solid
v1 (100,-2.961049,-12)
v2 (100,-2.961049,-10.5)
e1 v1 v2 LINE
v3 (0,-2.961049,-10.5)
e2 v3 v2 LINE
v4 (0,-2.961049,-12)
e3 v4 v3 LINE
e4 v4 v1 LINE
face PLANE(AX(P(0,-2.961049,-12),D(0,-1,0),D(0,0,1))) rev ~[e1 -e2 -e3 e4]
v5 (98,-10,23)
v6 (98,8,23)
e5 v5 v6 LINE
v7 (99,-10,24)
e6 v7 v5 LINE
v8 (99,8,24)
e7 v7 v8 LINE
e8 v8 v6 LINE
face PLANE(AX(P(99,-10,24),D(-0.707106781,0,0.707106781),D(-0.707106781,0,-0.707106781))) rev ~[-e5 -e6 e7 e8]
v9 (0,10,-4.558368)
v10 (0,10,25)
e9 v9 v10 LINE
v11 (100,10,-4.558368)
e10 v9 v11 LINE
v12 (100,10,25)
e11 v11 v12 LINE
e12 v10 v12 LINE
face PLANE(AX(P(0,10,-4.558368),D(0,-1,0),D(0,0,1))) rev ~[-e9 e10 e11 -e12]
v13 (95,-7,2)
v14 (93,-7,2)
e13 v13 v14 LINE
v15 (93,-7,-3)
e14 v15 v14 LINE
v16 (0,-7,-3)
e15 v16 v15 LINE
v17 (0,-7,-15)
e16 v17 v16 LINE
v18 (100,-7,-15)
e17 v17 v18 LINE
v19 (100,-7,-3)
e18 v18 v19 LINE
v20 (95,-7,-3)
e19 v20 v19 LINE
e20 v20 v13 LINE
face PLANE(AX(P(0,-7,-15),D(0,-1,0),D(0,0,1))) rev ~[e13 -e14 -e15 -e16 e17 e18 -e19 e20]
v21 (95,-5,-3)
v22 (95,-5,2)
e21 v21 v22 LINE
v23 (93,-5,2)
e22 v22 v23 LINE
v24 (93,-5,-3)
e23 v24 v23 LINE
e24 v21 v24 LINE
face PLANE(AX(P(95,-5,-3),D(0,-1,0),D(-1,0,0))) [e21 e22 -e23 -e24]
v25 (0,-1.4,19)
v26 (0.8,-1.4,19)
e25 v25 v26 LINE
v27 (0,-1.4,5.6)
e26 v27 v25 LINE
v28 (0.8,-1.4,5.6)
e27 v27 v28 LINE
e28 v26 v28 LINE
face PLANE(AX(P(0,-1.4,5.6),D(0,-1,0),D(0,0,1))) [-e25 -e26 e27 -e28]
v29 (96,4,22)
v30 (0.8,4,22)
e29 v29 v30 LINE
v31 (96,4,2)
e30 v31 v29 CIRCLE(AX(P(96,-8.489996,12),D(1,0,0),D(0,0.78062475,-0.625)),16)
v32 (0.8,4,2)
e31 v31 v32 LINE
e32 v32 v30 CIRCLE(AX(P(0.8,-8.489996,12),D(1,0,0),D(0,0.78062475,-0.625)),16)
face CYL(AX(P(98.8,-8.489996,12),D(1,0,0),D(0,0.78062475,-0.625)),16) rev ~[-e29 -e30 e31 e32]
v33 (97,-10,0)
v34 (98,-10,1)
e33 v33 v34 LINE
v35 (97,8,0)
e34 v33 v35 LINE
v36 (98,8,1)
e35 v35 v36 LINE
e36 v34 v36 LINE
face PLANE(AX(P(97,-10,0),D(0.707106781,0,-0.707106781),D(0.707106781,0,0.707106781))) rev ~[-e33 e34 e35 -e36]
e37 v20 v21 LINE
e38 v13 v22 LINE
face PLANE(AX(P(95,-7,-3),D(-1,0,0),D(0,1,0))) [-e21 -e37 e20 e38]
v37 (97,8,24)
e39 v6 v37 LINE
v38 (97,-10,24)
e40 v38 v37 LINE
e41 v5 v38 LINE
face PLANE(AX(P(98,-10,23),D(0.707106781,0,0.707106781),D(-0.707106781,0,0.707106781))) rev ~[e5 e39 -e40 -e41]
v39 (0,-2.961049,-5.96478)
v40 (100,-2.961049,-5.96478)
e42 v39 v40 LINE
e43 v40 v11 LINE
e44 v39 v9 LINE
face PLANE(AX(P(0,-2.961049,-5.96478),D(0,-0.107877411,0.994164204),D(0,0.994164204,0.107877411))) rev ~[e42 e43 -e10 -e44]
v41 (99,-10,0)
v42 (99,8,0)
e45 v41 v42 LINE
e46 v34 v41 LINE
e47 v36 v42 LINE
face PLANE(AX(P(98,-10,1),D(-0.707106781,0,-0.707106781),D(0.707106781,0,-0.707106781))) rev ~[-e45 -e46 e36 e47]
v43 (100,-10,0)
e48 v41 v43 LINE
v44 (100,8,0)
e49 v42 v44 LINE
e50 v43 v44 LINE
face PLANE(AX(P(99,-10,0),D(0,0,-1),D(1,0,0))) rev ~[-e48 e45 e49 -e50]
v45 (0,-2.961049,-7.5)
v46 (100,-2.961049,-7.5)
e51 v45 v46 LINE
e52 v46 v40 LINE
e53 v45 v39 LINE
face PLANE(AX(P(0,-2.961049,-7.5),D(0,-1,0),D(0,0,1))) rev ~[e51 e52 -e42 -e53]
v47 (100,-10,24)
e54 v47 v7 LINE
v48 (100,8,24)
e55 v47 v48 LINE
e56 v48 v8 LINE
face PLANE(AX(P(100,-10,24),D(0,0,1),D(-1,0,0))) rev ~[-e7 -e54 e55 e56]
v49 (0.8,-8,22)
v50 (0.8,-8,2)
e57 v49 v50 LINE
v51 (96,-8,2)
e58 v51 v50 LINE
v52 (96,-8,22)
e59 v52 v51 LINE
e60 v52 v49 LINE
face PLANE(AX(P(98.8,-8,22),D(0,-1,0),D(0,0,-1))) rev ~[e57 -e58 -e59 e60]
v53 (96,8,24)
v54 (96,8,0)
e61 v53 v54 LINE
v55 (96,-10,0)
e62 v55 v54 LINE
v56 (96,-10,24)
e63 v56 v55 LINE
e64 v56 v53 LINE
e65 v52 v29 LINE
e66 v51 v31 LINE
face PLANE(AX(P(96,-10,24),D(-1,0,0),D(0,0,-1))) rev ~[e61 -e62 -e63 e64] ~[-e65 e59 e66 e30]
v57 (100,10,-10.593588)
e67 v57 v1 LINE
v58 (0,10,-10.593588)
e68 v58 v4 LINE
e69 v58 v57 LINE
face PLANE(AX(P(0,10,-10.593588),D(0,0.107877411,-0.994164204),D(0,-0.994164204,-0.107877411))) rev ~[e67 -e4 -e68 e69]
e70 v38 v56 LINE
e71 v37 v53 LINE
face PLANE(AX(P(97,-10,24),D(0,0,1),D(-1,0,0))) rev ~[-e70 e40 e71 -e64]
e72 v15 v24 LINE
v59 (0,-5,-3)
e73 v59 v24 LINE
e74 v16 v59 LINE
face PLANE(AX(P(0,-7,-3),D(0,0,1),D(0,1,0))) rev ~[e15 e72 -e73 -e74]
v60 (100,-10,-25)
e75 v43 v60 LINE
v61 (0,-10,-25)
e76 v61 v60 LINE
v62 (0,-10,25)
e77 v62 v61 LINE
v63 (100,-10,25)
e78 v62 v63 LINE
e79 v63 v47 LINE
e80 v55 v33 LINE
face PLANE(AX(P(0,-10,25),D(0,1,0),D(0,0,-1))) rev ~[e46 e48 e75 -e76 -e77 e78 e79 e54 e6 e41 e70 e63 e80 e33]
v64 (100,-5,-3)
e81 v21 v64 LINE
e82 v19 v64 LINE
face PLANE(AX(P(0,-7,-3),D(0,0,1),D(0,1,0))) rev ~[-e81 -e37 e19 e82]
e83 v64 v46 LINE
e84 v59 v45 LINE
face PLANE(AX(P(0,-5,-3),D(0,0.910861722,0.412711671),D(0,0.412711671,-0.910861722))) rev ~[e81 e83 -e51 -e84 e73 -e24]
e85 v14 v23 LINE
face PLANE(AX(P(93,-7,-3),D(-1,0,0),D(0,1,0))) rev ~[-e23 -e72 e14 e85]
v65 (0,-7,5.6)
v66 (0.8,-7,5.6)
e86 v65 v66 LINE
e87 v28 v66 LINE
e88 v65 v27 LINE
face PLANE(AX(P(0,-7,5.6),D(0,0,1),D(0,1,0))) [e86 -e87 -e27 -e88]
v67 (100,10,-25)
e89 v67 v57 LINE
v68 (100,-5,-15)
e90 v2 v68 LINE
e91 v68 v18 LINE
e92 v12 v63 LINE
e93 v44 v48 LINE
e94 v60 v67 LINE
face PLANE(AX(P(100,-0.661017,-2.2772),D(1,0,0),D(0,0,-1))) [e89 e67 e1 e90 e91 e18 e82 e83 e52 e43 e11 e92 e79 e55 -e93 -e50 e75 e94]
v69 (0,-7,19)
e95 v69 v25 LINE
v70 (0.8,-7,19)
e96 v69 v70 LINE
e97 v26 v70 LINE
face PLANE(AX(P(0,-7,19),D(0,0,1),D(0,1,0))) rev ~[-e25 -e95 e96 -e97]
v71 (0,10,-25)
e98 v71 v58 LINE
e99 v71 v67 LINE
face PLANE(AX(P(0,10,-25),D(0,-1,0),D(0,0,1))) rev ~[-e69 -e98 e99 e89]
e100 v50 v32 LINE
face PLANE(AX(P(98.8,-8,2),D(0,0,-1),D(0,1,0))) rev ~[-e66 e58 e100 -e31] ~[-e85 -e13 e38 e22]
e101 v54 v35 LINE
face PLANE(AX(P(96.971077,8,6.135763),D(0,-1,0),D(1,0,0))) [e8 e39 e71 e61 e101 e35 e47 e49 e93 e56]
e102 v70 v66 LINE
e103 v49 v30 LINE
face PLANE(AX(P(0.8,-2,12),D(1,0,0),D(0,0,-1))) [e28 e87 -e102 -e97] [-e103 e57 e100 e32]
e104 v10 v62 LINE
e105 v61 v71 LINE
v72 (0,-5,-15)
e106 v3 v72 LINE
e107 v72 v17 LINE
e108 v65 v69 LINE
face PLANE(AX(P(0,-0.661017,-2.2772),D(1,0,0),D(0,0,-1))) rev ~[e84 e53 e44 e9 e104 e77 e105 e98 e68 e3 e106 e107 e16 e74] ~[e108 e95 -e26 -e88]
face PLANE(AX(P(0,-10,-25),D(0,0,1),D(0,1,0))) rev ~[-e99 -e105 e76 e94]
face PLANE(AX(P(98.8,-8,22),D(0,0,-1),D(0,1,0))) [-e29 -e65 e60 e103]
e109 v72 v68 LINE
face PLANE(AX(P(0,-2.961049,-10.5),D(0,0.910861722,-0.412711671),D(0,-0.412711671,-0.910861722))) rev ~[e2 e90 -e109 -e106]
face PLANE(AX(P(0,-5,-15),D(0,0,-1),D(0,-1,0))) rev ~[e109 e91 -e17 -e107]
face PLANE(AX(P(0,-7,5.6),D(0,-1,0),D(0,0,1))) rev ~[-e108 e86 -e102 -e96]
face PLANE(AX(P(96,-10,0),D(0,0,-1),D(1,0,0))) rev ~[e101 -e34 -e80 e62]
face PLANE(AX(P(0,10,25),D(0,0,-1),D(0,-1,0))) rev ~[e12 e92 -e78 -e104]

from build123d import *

# Parameters (mm, degrees)
P_IDAT_VYSUNUT_M2_DEPTH  = 100
ODEBRAT_START            = -1.2
SKICA3_W                 = 20
SKICA3_H                 = 12
ODEBRAT_VYSUNUT_M1_DEPTH = 98
SKICA4_W                 = 13.4
SKICA4_H                 = 5.6
ODEBRAT_VYSUNUT_M2_DEPTH = 95
SKICA5_W                 = 2
SKICA5_H                 = 2
ODEBRAT_VYSUNUT_M3_DEPTH = 9
ODEBRAT_VYSUNUT_M6_DEPTH = 98
ODEBRAT_VYSUNUT_M8_DEPTH = 18


with BuildPart() as part:
    # Skica2 → Přidat vysunutím2 (new body)
    with BuildSketch(Plane(origin=(0, 0, 0), x_dir=(0, 0, -1), z_dir=(1, 0, 0))):
        Polygon((4.558367755, 10), (-25, 10), (-25, -10), (25, -10), (25, 10), (10.59358807, 10), (12, -2.961048892), (10.5, -2.961048892), (15, -5), (15, -7), (3, -7), (3, -5), (7.5, -2.961048892), (5.964779685, -2.961048892), align=None)
    extrude(amount=P_IDAT_VYSUNUT_M2_DEPTH)

    # Skica3 → Odebrat vysunutím1 (cut)
    with BuildSketch(Plane(origin=(100, 0, 0), x_dir=(0, 0, -1), z_dir=(1, 0, 0)).offset(ODEBRAT_START)):
        with Locations((-12, -2)):
            Rectangle(SKICA3_W, SKICA3_H)
    extrude(amount=-ODEBRAT_VYSUNUT_M1_DEPTH, mode=Mode.SUBTRACT)

    # Skica4 → Odebrat vysunutím2 (cut)
    with BuildSketch(Plane.ZY):
        with Locations((12.3, -4.2)):
            Rectangle(SKICA4_W, SKICA4_H)
    extrude(amount=-ODEBRAT_VYSUNUT_M2_DEPTH, mode=Mode.SUBTRACT)

    # Skica5 → Odebrat vysunutím3 (cut)
    with BuildSketch(Plane(origin=(0, 0, -3), x_dir=(-1, 0, 0), z_dir=(0, 0, -1))):
        with Locations((-94, -6)):
            Rectangle(SKICA5_W, SKICA5_H)
    extrude(amount=-ODEBRAT_VYSUNUT_M3_DEPTH, mode=Mode.SUBTRACT)

    # Skica10 → Odebrat vysunutím6 (cut)
    with BuildSketch(Plane(origin=(100, 0, 0), x_dir=(0, 0, -1), z_dir=(1, 0, 0)).offset(ODEBRAT_START)):
        with BuildLine():
            Line((-22, 4), (-2, 4))
            ThreePointArc((-2, 4), (-12, 7.510004003), (-22, 4))
        make_face()
    extrude(amount=-ODEBRAT_VYSUNUT_M6_DEPTH, mode=Mode.SUBTRACT)

    # Skica17 → Odebrat vysunutím8 (cut)
    with BuildSketch(Plane.XZ.offset(10)):
        Polygon((98, 12), (96, 12), (96, 0), (97, 0), (98, 1), align=None)
        Polygon((100, 0), (98, 12), (98, 1), (99, 0), align=None)
        Polygon((100, 12), (98, 12), (100, 0), align=None)
        Polygon((98, 23), (98, 12), (100, 12), (100, 24), (99, 24), align=None)
        Polygon((98, 12), (96, 24), (96, 12), align=None)
        Polygon((97, 24), (96, 24), (98, 12), (98, 23), align=None)
    extrude(amount=-ODEBRAT_VYSUNUT_M8_DEPTH, mode=Mode.SUBTRACT)


solid = part.part
